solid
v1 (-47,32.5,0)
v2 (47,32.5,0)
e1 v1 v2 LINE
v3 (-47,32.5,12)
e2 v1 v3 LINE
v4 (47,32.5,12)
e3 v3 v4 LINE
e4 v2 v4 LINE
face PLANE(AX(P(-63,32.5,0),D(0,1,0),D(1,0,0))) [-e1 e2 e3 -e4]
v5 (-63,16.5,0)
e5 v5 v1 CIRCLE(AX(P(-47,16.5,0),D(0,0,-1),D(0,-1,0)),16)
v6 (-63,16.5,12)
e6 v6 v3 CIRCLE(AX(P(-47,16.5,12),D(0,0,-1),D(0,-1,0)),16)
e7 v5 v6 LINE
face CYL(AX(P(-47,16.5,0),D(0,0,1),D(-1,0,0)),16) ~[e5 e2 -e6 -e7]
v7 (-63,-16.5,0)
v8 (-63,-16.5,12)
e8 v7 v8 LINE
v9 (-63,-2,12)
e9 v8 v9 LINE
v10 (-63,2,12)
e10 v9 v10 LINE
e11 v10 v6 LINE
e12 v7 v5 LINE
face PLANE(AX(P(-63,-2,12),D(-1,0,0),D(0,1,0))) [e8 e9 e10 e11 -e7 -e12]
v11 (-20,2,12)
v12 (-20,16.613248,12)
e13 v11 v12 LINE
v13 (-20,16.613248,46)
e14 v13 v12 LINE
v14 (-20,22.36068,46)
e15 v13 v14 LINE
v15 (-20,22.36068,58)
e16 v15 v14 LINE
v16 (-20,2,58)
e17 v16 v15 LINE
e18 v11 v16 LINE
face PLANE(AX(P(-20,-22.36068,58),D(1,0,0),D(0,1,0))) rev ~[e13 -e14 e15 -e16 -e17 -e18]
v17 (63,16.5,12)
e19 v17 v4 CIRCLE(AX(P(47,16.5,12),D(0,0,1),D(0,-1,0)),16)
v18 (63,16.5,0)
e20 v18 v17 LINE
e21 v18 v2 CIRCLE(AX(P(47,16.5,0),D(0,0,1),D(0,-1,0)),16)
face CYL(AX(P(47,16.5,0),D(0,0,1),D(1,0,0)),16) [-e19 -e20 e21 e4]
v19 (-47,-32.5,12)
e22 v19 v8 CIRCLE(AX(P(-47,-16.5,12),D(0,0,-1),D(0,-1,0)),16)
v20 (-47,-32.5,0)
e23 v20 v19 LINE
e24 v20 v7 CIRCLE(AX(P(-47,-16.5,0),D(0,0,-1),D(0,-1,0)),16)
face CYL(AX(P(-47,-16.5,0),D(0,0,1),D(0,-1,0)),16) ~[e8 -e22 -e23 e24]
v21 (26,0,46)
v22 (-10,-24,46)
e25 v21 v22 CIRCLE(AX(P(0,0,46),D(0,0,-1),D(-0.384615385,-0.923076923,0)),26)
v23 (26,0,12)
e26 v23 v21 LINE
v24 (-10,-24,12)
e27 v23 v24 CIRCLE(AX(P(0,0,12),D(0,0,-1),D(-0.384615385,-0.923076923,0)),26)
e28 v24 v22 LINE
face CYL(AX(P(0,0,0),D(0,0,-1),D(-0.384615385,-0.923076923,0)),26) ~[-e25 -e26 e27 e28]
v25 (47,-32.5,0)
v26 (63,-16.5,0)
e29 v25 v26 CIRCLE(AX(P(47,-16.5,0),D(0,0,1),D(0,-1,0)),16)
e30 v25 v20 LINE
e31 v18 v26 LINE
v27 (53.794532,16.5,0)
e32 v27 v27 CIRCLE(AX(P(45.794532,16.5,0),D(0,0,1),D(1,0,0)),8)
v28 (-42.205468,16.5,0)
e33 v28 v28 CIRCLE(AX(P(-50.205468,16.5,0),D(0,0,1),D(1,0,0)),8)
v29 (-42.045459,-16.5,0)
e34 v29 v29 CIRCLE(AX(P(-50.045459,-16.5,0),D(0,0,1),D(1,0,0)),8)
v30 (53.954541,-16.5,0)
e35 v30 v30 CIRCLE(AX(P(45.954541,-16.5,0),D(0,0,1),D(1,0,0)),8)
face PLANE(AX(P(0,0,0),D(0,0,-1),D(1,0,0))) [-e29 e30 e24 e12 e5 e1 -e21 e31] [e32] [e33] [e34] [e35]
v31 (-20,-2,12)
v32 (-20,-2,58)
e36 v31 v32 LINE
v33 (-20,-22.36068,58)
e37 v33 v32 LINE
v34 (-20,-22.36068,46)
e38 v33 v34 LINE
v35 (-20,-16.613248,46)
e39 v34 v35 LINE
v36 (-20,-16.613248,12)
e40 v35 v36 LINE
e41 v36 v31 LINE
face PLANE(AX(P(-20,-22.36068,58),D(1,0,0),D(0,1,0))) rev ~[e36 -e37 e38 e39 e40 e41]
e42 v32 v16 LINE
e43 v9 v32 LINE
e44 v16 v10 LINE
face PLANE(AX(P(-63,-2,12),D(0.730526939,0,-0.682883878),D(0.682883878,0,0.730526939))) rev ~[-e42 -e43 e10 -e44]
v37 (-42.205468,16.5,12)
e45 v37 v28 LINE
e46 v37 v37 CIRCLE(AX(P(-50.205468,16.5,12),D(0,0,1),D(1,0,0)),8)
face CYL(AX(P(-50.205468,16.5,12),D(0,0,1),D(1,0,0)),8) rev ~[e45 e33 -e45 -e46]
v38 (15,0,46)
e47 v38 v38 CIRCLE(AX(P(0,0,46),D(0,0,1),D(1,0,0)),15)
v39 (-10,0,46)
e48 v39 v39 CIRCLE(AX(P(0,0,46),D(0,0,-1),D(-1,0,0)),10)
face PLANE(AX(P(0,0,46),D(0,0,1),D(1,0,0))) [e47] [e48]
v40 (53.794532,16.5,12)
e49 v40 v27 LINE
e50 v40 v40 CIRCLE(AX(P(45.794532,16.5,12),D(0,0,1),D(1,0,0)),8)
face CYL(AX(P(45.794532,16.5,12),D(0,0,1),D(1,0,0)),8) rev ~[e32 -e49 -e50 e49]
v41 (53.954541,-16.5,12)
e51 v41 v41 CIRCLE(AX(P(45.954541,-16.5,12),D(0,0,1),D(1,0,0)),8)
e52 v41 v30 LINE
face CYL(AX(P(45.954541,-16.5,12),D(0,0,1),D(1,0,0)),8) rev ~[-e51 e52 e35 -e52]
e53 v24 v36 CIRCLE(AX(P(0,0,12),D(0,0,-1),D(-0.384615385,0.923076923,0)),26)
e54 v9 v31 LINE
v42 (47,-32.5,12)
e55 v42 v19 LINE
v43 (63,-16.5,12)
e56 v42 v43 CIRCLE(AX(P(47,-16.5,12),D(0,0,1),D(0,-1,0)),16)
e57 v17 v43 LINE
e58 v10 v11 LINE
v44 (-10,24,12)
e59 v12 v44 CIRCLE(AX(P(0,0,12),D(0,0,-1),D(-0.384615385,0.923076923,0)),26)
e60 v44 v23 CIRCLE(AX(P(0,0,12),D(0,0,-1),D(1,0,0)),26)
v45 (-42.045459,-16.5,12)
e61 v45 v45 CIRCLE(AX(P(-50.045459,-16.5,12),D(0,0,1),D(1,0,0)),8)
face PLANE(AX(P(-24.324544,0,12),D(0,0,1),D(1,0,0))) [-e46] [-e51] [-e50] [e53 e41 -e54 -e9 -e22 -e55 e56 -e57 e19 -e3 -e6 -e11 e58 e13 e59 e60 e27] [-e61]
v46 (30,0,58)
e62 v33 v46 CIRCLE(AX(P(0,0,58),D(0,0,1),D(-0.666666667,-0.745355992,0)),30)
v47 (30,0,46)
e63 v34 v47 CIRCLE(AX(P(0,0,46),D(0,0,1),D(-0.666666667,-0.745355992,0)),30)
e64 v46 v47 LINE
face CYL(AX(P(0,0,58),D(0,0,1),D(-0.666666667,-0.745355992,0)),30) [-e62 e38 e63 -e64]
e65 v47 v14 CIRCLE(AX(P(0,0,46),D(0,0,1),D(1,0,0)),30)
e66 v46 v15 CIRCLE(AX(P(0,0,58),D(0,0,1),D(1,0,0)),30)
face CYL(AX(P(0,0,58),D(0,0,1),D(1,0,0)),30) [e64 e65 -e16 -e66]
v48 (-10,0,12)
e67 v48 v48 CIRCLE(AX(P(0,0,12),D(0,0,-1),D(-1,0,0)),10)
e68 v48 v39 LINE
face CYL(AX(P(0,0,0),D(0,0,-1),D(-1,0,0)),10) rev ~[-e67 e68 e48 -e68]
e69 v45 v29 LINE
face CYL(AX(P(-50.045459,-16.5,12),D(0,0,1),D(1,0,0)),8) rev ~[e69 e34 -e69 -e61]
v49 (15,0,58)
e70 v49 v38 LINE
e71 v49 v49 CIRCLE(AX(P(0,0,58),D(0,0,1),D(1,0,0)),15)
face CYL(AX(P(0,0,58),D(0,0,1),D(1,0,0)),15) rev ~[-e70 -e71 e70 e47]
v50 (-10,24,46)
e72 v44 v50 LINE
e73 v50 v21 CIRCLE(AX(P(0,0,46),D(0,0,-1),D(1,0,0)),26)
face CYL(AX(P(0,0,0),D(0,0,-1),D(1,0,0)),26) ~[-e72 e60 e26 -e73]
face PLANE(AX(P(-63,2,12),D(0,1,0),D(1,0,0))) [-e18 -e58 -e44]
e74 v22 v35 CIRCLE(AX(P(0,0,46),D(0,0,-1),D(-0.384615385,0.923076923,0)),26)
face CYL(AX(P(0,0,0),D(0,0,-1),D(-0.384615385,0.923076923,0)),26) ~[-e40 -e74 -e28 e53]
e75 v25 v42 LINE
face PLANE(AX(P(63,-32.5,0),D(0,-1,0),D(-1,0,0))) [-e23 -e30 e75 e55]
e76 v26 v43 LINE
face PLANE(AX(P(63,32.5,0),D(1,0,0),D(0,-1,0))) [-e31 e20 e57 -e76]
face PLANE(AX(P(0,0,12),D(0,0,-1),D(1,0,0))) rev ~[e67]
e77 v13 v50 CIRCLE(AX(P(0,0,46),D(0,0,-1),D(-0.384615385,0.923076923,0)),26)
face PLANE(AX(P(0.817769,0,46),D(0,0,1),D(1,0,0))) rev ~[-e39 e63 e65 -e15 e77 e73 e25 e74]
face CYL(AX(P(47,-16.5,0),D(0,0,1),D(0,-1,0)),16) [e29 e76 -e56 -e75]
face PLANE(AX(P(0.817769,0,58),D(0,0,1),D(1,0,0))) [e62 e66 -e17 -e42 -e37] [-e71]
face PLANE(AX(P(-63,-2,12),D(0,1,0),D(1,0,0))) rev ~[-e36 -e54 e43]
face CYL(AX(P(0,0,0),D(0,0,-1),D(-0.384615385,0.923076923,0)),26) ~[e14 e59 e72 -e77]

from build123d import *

# Parameters (mm, degrees)
F1_DEPTH  = 58
F3_DEPTH  = 12
F4_R      = 8
F5_DEPTH  = 25
F6_R      = 16
F7_R      = 10
F8_DEPTH  = 12
F9_R      = 15
F9_R_2    = 10
F10_DEPTH = 12
F11_DEPTH = 46
F12_W     = 43
F12_H     = 4
F13_DEPTH = 46
F15_DEPTH = 25


with BuildPart() as f1:
    # F0 (on Top) → F1 (new body)
    with BuildSketch(Plane.XY):
        with BuildLine():
            ThreePointArc((-10, -24), (14.4222051019, -21.6333076528), (26, 0))
            ThreePointArc((26, 0), (14.4222051019, 21.6333076528), (-10, 24))
            Line((-10, 24), (-10, 0))
            Line((-10, 0), (-10, -24))
        make_face()
        with BuildLine():
            ThreePointArc((10, 0), (0, -10), (-10, 0))
            ThreePointArc((-10, 0), (0, 10), (10, 0))
        make_face(mode=Mode.SUBTRACT)
        with BuildLine():
            Line((-10, 0), (-10, 24))
            ThreePointArc((-10, 24), (-26, 0), (-10, -24))
            Line((-10, -24), (-10, 0))
        make_face()
    extrude(amount=F1_DEPTH)

    # F2 (on face) → F3 (join)
    with BuildSketch(Plane(origin=(0, 0, 0), x_dir=(1, 0, 0), z_dir=(0, 0, -1))):
        Polygon((63, 32.5), (0, 32.5), (-63, 32.5), (-63, -32.5), (63, -32.5), align=None)
    extrude(amount=-F3_DEPTH)

    # F4 (on face) → F5 (cut)
    with BuildSketch(Plane.XY.offset(12)):
        with Locations((-50.0454586766, -16.5)):
            Circle(F4_R)
        with Locations((-50.2054683586, 16.5)):
            Circle(F4_R)
        with Locations((45.7945316414, 16.5)):
            Circle(F4_R)
        with Locations((45.9545413234, -16.5)):
            Circle(F4_R)
    extrude(amount=-F5_DEPTH, mode=Mode.SUBTRACT)

    # F6
    f6_edges = [f1.edges().sort_by_distance(p)[0] for p in [
        (-63, 32.5, 6),
        (-63, -32.5, 6),
        (63, 32.5, 6),
        (63, -32.5, 6),
    ]]
    fillet(f6_edges, radius=F6_R)

    # F7 (on face) → F8 (join)
    with BuildSketch(Plane.XY.offset(58)):
        with BuildLine():
            ThreePointArc((26, 0), (8.8317608663, 24.4540385213), (-20, 16.6132477258))
            Line((-20, 16.6132477258), (-20, -16.6132477258))
            ThreePointArc((-20, -16.6132477258), (8.8317608663, -24.4540385213), (26, 0))
        make_face()
        Circle(F7_R, mode=Mode.SUBTRACT)
        with BuildLine():
            ThreePointArc((-20, -22.360679775), (12.2474487139, -27.3861278753), (30, 0))
            ThreePointArc((30, 0), (12.2474487139, 27.3861278753), (-20, 22.360679775))
            Line((-20, 22.360679775), (-20, 16.6132477258))
            ThreePointArc((-20, 16.6132477258), (8.8317608663, 24.4540385213), (26, 0))
            ThreePointArc((26, 0), (8.8317608663, -24.4540385213), (-20, -16.6132477258))
            Line((-20, -16.6132477258), (-20, -22.360679775))
        make_face()
        Circle(F7_R)
        with BuildLine():
            Line((-20, 16.6132477258), (-20, 22.360679775))
            ThreePointArc((-20, 22.360679775), (-30, 0), (-20, -22.360679775))
            Line((-20, -22.360679775), (-20, -16.6132477258))
            ThreePointArc((-20, -16.6132477258), (-26, 0), (-20, 16.6132477258))
        make_face()
        with BuildLine():
            Line((-20, -16.6132477258), (-20, 16.6132477258))
            ThreePointArc((-20, 16.6132477258), (-26, 0), (-20, -16.6132477258))
        make_face()
    extrude(amount=-F8_DEPTH)

    # F9 (on face) → F10 (cut)
    with BuildSketch(Plane.XY.offset(58)):
        Circle(F9_R)
        Circle(F9_R_2, mode=Mode.SUBTRACT)
        Circle(F9_R_2)
    extrude(amount=-F10_DEPTH, mode=Mode.SUBTRACT)

    # F7 (on face) → F11 (cut)
    with BuildSketch(Plane.XY.offset(58)):
        with BuildLine():
            Line((-20, 16.6132477258), (-20, 22.360679775))
            ThreePointArc((-20, 22.360679775), (-30, 0), (-20, -22.360679775))
            Line((-20, -22.360679775), (-20, -16.6132477258))
            ThreePointArc((-20, -16.6132477258), (-26, 0), (-20, 16.6132477258))
        make_face()
        with BuildLine():
            Line((-20, -16.6132477258), (-20, 16.6132477258))
            ThreePointArc((-20, 16.6132477258), (-26, 0), (-20, -16.6132477258))
        make_face()
    extrude(amount=-F11_DEPTH, mode=Mode.SUBTRACT)

    # F12 (on face) → F13 (join)
    with BuildSketch(Plane.XY.offset(12)):
        with Locations((-41.5, 0)):
            Rectangle(F12_W, F12_H)
    extrude(amount=F13_DEPTH)

    # F14 (on face) → F15 (cut)
    with BuildSketch(Plane.XZ.offset(2)):
        Polygon((-63, 12), (-20, 58), (-63, 58), align=None)
    extrude(amount=-F15_DEPTH, mode=Mode.SUBTRACT)


solid = f1.part
